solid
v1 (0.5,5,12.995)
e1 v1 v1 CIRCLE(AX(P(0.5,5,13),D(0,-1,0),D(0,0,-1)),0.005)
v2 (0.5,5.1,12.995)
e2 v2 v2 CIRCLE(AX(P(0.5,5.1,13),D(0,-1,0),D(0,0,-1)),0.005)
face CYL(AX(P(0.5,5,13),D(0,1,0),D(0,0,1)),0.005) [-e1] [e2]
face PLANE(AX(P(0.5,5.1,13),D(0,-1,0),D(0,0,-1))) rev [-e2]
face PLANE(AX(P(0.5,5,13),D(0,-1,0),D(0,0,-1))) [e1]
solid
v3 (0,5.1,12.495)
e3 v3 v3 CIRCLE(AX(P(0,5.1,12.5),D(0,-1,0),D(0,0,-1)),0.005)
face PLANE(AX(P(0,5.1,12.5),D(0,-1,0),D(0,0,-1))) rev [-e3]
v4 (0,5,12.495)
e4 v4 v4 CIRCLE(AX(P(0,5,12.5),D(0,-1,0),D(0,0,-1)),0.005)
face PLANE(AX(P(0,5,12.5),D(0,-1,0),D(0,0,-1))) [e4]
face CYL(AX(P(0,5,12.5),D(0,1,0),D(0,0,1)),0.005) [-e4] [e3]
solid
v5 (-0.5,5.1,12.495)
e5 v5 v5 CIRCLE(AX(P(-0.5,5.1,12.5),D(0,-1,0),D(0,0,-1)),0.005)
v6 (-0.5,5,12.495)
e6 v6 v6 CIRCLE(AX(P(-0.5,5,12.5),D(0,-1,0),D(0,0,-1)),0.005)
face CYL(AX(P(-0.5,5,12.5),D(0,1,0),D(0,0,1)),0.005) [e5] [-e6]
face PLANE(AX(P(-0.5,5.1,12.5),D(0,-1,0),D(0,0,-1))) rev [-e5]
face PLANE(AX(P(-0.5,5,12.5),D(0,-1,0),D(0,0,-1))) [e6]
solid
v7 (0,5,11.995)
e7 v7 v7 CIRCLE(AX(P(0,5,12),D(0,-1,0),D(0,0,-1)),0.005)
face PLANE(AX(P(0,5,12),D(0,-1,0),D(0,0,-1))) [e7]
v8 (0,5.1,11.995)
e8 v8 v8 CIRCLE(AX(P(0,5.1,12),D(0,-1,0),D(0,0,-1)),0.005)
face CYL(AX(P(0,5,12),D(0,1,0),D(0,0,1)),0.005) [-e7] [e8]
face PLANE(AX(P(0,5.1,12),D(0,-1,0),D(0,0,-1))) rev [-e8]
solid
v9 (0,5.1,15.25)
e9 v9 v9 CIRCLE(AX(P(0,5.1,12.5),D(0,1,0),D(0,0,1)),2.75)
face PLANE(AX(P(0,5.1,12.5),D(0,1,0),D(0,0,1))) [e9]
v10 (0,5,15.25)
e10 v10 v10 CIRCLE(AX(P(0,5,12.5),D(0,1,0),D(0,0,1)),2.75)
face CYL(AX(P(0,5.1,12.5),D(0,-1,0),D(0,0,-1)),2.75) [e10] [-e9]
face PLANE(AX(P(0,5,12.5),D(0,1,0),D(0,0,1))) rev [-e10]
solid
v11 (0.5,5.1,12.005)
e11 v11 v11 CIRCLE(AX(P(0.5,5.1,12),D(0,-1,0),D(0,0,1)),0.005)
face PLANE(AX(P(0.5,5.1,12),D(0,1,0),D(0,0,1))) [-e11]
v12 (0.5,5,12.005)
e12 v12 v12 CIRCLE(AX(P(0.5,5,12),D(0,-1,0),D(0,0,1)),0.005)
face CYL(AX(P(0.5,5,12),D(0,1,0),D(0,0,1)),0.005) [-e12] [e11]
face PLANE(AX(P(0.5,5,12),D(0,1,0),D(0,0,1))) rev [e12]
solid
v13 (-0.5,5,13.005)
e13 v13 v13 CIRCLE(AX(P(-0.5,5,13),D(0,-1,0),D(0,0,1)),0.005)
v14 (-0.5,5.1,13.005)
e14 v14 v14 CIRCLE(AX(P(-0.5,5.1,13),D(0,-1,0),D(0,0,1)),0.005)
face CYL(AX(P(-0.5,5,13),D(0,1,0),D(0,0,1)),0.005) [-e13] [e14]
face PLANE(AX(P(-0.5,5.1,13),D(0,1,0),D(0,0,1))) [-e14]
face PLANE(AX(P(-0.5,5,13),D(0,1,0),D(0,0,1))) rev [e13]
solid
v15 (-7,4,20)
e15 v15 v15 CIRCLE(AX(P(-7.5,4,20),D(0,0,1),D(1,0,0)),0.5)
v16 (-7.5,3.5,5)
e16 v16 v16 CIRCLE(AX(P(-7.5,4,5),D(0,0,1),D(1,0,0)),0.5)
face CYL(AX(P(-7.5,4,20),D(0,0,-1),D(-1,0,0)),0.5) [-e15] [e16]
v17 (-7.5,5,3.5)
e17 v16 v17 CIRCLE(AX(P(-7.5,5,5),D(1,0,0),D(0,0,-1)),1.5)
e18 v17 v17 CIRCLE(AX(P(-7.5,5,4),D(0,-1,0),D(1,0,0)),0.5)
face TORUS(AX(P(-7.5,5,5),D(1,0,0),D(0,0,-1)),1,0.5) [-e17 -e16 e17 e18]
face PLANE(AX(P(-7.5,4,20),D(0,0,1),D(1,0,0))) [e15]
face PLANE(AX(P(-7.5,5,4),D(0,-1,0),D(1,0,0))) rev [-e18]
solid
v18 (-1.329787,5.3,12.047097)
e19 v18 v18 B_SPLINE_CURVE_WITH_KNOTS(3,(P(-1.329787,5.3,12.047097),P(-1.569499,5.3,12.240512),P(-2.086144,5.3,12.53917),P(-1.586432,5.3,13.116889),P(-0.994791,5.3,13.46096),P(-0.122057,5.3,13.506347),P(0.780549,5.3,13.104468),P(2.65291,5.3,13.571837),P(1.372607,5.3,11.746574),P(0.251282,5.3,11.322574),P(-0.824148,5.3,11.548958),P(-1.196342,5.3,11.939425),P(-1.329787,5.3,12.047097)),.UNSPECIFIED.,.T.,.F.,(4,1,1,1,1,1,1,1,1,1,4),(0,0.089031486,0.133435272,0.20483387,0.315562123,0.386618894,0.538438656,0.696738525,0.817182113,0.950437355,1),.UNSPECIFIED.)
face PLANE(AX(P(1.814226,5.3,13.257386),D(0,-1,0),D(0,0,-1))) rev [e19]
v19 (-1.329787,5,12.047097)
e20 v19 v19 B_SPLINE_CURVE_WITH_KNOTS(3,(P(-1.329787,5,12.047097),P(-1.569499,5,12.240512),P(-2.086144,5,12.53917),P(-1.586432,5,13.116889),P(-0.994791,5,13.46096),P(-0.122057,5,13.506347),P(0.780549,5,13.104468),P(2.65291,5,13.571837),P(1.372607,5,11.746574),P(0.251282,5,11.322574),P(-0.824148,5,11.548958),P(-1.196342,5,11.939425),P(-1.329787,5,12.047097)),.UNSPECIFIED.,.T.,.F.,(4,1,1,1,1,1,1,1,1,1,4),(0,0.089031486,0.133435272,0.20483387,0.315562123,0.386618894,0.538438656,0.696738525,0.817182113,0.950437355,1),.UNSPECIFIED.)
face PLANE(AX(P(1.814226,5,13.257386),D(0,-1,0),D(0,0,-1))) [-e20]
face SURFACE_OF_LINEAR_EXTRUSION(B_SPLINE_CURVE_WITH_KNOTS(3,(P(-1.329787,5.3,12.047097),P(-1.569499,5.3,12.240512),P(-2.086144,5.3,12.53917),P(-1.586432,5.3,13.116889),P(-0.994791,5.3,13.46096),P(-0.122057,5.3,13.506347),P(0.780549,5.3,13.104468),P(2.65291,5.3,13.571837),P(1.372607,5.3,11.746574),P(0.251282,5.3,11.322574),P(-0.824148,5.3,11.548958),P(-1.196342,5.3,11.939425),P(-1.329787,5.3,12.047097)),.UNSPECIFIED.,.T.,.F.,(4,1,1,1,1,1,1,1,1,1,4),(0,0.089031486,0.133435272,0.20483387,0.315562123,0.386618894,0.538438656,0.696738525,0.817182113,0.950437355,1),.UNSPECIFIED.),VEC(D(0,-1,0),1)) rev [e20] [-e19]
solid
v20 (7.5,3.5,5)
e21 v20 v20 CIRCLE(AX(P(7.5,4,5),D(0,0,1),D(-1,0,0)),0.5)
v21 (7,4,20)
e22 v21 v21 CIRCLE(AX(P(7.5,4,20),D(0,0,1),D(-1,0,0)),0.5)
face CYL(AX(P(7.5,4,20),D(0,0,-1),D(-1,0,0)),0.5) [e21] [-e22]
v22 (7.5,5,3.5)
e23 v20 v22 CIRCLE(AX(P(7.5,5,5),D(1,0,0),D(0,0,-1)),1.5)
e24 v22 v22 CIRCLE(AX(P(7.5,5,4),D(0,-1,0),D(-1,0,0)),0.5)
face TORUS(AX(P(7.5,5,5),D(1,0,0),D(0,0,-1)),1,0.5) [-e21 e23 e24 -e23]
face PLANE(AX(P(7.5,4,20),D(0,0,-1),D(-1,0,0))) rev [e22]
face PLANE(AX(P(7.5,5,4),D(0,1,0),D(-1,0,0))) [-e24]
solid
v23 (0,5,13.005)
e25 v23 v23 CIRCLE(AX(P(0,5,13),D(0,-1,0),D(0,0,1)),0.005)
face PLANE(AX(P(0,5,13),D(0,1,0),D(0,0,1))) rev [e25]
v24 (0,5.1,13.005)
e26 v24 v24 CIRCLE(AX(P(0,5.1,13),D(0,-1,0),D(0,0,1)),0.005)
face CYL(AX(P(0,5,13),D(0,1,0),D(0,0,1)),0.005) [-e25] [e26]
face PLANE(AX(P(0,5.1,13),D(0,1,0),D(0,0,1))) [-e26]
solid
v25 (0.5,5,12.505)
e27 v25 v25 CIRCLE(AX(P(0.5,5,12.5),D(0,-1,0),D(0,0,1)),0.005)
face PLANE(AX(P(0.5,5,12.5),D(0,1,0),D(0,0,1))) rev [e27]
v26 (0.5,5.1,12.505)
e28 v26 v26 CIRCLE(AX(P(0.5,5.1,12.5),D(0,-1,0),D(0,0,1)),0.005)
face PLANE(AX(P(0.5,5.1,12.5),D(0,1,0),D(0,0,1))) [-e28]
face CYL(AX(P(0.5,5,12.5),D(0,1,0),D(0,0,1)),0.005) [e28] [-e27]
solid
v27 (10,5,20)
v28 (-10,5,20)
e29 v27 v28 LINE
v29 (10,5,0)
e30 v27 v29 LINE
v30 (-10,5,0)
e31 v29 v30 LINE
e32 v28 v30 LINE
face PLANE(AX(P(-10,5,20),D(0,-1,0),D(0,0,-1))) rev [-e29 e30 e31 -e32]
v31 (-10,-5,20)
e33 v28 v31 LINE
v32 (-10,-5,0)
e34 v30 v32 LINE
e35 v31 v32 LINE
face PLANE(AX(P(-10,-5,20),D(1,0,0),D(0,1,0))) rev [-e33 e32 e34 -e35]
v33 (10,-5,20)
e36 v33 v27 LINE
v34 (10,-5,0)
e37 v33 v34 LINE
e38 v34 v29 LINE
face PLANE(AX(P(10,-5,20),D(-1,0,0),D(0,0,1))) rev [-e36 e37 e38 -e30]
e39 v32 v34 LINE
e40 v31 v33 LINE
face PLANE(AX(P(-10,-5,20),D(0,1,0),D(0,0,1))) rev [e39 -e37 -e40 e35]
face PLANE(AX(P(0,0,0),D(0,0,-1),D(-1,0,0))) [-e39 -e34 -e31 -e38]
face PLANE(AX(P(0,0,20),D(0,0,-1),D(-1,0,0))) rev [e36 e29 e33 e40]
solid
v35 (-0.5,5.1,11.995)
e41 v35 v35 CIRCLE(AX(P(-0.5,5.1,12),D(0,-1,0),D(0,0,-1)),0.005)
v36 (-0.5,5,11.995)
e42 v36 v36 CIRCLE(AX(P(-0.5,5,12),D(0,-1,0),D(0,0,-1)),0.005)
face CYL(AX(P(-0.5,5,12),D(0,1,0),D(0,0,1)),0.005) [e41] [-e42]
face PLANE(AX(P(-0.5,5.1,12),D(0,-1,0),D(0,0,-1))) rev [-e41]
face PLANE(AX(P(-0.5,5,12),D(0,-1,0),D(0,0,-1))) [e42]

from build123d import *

# Parameters (mm, degrees)
SKETCH1_W             = 20
SKETCH1_H             = 10
BOSS_EXTRUDE1_DEPTH   = 20
SKETCH2_R             = 0.5
SKETCH5_R             = 2.75
BOSS_EXTRUDE4_DEPTH   = 0.1
SKETCH8_R             = 0.005
BOSS_EXTRUDE5_DEPTH   = 0.1
BOSS_EXTRUDE5_2_DEPTH = 0.1
BOSS_EXTRUDE5_3_DEPTH = 0.1
BOSS_EXTRUDE5_4_DEPTH = 0.1
BOSS_EXTRUDE5_5_DEPTH = 0.1
BOSS_EXTRUDE5_6_DEPTH = 0.1
BOSS_EXTRUDE5_7_DEPTH = 0.1
BOSS_EXTRUDE5_8_DEPTH = 0.1
BOSS_EXTRUDE5_9_DEPTH = 0.1
SLICE_2_DEPTH         = 0.3


with BuildPart() as part:
    # Sketch1 → Boss-Extrude1 (new body)
    with BuildSketch(Plane.XY):
        Rectangle(SKETCH1_W, SKETCH1_H)
    extrude(amount=BOSS_EXTRUDE1_DEPTH)


with BuildPart() as body_2:
    # ag/agcl electrodes: sweep along a path in Sketch3
    with BuildLine(Plane(origin=(7.5, 0, 0), x_dir=(0, 0, -1), z_dir=(1, 0, 0))) as ag_agcl_electrodes_path:
        Line((-20, 4), (-5, 4))
        ThreePointArc((-5, 4), (-4.292893219, 4.292893219), (-4, 5))
    # Sketch2 → ag/agcl electrodes (sweep)
    with BuildSketch(Plane.XY.offset(20)):
        with Locations((-7.5, 4)):
            Circle(SKETCH2_R)
        with Locations((7.5, 4)):
            Circle(SKETCH2_R)
    sweep(path=ag_agcl_electrodes_path.line)


with BuildPart() as body_3:
    # Sketch5 → Boss-Extrude4 (new body)
    with BuildSketch(Plane(origin=(0, 5, 0), x_dir=(1, 0, 0), z_dir=(0, 1, 0))):
        with Locations(Location((0, -12.5, 0), (0, 0, 270))):
            Circle(SKETCH5_R)
    extrude(amount=BOSS_EXTRUDE4_DEPTH)


with BuildPart() as body_4:
    # Sketch8 → Boss-Extrude5 (new body)
    with BuildSketch(Plane(origin=(0, 5.1, 0), x_dir=(-1, 0, 0), z_dir=(0, -1, 0))):
        with Locations(Location((0, -12.5, 0), (0, 0, 90))):
            Circle(SKETCH8_R)
    extrude(amount=BOSS_EXTRUDE5_DEPTH)


with BuildPart() as body_5:
    # Sketch8 → Boss-Extrude5 2 (new body)
    with BuildSketch(Plane(origin=(0, 5.1, 0), x_dir=(-1, 0, 0), z_dir=(0, -1, 0))):
        with Locations(Location((0.5, -12.5, 0), (0, 0, 90))):
            Circle(SKETCH8_R)
    extrude(amount=BOSS_EXTRUDE5_2_DEPTH)


with BuildPart() as body_6:
    # Sketch8 → Boss-Extrude5 3 (new body)
    with BuildSketch(Plane(origin=(0, 5.1, 0), x_dir=(-1, 0, 0), z_dir=(0, -1, 0))):
        with Locations(Location((0.5, -12, 0), (0, 0, 90))):
            Circle(SKETCH8_R)
    extrude(amount=BOSS_EXTRUDE5_3_DEPTH)


with BuildPart() as body_7:
    # Sketch8 → Boss-Extrude5 4 (new body)
    with BuildSketch(Plane(origin=(0, 5.1, 0), x_dir=(-1, 0, 0), z_dir=(0, -1, 0))):
        with Locations(Location((0, -12, 0), (0, 0, 90))):
            Circle(SKETCH8_R)
    extrude(amount=BOSS_EXTRUDE5_4_DEPTH)


with BuildPart() as body_8:
    # Sketch8 → Boss-Extrude5 5 (new body)
    with BuildSketch(Plane(origin=(0, 5.1, 0), x_dir=(-1, 0, 0), z_dir=(0, -1, 0))):
        with Locations(Location((0.5, -13, 0), (0, 0, 270))):
            Circle(SKETCH8_R)
    extrude(amount=BOSS_EXTRUDE5_5_DEPTH)


with BuildPart() as body_9:
    # Sketch8 → Boss-Extrude5 6 (new body)
    with BuildSketch(Plane(origin=(0, 5.1, 0), x_dir=(-1, 0, 0), z_dir=(0, -1, 0))):
        with Locations(Location((0, -13, 0), (0, 0, 270))):
            Circle(SKETCH8_R)
    extrude(amount=BOSS_EXTRUDE5_6_DEPTH)


with BuildPart() as body_10:
    # Sketch8 → Boss-Extrude5 7 (new body)
    with BuildSketch(Plane(origin=(0, 5.1, 0), x_dir=(-1, 0, 0), z_dir=(0, -1, 0))):
        with Locations(Location((-0.5, -13, 0), (0, 0, 90))):
            Circle(SKETCH8_R)
    extrude(amount=BOSS_EXTRUDE5_7_DEPTH)


with BuildPart() as body_11:
    # Sketch8 → Boss-Extrude5 8 (new body)
    with BuildSketch(Plane(origin=(0, 5.1, 0), x_dir=(-1, 0, 0), z_dir=(0, -1, 0))):
        with Locations(Location((-0.5, -12, 0), (0, 0, 270))):
            Circle(SKETCH8_R)
    extrude(amount=BOSS_EXTRUDE5_8_DEPTH)


with BuildPart() as body_12:
    # Sketch8 → Boss-Extrude5 9 (new body)
    with BuildSketch(Plane(origin=(0, 5.1, 0), x_dir=(-1, 0, 0), z_dir=(0, -1, 0))):
        with Locations(Location((-0.5, -12.5, 0), (0, 0, 270))):
            Circle(SKETCH8_R)
    extrude(amount=BOSS_EXTRUDE5_9_DEPTH)


with BuildPart() as body_13:
    # Sketch4 → slice 2 (new body)
    with BuildSketch(Plane(origin=(0, 5, 0), x_dir=(1, 0, 0), z_dir=(0, 1, 0))):
        with BuildLine():
            add(Edge.make_bspline(
                [(-1.329786825, -12.04709664), (-1.196342031, -11.939424685), (-0.824147777, -11.548957834), (0.251281573, -11.322574475), (1.372606671, -11.746573561), (2.652909809, -13.571837262), (0.780549472, -13.104467787), (-0.122057097, -13.506347246), (-0.994791107, -13.460960152), (-1.586432094, -13.116889112), (-2.086144249, -12.539169772), (-1.569499382, -12.240512354), (-1.329786825, -12.04709664)],
                knots=[0, 0, 0, 0, 0.049562645, 0.182817887, 0.303261475, 0.461561344, 0.613381106, 0.684437877, 0.79516613, 0.866564728, 0.910968514, 1, 1, 1, 1], degree=3))
        make_face()
    extrude(amount=SLICE_2_DEPTH)


solid = Compound([part.part, body_2.part, body_3.part, body_4.part, body_5.part, body_6.part, body_7.part, body_8.part, body_9.part, body_10.part, body_11.part, body_12.part, body_13.part])
